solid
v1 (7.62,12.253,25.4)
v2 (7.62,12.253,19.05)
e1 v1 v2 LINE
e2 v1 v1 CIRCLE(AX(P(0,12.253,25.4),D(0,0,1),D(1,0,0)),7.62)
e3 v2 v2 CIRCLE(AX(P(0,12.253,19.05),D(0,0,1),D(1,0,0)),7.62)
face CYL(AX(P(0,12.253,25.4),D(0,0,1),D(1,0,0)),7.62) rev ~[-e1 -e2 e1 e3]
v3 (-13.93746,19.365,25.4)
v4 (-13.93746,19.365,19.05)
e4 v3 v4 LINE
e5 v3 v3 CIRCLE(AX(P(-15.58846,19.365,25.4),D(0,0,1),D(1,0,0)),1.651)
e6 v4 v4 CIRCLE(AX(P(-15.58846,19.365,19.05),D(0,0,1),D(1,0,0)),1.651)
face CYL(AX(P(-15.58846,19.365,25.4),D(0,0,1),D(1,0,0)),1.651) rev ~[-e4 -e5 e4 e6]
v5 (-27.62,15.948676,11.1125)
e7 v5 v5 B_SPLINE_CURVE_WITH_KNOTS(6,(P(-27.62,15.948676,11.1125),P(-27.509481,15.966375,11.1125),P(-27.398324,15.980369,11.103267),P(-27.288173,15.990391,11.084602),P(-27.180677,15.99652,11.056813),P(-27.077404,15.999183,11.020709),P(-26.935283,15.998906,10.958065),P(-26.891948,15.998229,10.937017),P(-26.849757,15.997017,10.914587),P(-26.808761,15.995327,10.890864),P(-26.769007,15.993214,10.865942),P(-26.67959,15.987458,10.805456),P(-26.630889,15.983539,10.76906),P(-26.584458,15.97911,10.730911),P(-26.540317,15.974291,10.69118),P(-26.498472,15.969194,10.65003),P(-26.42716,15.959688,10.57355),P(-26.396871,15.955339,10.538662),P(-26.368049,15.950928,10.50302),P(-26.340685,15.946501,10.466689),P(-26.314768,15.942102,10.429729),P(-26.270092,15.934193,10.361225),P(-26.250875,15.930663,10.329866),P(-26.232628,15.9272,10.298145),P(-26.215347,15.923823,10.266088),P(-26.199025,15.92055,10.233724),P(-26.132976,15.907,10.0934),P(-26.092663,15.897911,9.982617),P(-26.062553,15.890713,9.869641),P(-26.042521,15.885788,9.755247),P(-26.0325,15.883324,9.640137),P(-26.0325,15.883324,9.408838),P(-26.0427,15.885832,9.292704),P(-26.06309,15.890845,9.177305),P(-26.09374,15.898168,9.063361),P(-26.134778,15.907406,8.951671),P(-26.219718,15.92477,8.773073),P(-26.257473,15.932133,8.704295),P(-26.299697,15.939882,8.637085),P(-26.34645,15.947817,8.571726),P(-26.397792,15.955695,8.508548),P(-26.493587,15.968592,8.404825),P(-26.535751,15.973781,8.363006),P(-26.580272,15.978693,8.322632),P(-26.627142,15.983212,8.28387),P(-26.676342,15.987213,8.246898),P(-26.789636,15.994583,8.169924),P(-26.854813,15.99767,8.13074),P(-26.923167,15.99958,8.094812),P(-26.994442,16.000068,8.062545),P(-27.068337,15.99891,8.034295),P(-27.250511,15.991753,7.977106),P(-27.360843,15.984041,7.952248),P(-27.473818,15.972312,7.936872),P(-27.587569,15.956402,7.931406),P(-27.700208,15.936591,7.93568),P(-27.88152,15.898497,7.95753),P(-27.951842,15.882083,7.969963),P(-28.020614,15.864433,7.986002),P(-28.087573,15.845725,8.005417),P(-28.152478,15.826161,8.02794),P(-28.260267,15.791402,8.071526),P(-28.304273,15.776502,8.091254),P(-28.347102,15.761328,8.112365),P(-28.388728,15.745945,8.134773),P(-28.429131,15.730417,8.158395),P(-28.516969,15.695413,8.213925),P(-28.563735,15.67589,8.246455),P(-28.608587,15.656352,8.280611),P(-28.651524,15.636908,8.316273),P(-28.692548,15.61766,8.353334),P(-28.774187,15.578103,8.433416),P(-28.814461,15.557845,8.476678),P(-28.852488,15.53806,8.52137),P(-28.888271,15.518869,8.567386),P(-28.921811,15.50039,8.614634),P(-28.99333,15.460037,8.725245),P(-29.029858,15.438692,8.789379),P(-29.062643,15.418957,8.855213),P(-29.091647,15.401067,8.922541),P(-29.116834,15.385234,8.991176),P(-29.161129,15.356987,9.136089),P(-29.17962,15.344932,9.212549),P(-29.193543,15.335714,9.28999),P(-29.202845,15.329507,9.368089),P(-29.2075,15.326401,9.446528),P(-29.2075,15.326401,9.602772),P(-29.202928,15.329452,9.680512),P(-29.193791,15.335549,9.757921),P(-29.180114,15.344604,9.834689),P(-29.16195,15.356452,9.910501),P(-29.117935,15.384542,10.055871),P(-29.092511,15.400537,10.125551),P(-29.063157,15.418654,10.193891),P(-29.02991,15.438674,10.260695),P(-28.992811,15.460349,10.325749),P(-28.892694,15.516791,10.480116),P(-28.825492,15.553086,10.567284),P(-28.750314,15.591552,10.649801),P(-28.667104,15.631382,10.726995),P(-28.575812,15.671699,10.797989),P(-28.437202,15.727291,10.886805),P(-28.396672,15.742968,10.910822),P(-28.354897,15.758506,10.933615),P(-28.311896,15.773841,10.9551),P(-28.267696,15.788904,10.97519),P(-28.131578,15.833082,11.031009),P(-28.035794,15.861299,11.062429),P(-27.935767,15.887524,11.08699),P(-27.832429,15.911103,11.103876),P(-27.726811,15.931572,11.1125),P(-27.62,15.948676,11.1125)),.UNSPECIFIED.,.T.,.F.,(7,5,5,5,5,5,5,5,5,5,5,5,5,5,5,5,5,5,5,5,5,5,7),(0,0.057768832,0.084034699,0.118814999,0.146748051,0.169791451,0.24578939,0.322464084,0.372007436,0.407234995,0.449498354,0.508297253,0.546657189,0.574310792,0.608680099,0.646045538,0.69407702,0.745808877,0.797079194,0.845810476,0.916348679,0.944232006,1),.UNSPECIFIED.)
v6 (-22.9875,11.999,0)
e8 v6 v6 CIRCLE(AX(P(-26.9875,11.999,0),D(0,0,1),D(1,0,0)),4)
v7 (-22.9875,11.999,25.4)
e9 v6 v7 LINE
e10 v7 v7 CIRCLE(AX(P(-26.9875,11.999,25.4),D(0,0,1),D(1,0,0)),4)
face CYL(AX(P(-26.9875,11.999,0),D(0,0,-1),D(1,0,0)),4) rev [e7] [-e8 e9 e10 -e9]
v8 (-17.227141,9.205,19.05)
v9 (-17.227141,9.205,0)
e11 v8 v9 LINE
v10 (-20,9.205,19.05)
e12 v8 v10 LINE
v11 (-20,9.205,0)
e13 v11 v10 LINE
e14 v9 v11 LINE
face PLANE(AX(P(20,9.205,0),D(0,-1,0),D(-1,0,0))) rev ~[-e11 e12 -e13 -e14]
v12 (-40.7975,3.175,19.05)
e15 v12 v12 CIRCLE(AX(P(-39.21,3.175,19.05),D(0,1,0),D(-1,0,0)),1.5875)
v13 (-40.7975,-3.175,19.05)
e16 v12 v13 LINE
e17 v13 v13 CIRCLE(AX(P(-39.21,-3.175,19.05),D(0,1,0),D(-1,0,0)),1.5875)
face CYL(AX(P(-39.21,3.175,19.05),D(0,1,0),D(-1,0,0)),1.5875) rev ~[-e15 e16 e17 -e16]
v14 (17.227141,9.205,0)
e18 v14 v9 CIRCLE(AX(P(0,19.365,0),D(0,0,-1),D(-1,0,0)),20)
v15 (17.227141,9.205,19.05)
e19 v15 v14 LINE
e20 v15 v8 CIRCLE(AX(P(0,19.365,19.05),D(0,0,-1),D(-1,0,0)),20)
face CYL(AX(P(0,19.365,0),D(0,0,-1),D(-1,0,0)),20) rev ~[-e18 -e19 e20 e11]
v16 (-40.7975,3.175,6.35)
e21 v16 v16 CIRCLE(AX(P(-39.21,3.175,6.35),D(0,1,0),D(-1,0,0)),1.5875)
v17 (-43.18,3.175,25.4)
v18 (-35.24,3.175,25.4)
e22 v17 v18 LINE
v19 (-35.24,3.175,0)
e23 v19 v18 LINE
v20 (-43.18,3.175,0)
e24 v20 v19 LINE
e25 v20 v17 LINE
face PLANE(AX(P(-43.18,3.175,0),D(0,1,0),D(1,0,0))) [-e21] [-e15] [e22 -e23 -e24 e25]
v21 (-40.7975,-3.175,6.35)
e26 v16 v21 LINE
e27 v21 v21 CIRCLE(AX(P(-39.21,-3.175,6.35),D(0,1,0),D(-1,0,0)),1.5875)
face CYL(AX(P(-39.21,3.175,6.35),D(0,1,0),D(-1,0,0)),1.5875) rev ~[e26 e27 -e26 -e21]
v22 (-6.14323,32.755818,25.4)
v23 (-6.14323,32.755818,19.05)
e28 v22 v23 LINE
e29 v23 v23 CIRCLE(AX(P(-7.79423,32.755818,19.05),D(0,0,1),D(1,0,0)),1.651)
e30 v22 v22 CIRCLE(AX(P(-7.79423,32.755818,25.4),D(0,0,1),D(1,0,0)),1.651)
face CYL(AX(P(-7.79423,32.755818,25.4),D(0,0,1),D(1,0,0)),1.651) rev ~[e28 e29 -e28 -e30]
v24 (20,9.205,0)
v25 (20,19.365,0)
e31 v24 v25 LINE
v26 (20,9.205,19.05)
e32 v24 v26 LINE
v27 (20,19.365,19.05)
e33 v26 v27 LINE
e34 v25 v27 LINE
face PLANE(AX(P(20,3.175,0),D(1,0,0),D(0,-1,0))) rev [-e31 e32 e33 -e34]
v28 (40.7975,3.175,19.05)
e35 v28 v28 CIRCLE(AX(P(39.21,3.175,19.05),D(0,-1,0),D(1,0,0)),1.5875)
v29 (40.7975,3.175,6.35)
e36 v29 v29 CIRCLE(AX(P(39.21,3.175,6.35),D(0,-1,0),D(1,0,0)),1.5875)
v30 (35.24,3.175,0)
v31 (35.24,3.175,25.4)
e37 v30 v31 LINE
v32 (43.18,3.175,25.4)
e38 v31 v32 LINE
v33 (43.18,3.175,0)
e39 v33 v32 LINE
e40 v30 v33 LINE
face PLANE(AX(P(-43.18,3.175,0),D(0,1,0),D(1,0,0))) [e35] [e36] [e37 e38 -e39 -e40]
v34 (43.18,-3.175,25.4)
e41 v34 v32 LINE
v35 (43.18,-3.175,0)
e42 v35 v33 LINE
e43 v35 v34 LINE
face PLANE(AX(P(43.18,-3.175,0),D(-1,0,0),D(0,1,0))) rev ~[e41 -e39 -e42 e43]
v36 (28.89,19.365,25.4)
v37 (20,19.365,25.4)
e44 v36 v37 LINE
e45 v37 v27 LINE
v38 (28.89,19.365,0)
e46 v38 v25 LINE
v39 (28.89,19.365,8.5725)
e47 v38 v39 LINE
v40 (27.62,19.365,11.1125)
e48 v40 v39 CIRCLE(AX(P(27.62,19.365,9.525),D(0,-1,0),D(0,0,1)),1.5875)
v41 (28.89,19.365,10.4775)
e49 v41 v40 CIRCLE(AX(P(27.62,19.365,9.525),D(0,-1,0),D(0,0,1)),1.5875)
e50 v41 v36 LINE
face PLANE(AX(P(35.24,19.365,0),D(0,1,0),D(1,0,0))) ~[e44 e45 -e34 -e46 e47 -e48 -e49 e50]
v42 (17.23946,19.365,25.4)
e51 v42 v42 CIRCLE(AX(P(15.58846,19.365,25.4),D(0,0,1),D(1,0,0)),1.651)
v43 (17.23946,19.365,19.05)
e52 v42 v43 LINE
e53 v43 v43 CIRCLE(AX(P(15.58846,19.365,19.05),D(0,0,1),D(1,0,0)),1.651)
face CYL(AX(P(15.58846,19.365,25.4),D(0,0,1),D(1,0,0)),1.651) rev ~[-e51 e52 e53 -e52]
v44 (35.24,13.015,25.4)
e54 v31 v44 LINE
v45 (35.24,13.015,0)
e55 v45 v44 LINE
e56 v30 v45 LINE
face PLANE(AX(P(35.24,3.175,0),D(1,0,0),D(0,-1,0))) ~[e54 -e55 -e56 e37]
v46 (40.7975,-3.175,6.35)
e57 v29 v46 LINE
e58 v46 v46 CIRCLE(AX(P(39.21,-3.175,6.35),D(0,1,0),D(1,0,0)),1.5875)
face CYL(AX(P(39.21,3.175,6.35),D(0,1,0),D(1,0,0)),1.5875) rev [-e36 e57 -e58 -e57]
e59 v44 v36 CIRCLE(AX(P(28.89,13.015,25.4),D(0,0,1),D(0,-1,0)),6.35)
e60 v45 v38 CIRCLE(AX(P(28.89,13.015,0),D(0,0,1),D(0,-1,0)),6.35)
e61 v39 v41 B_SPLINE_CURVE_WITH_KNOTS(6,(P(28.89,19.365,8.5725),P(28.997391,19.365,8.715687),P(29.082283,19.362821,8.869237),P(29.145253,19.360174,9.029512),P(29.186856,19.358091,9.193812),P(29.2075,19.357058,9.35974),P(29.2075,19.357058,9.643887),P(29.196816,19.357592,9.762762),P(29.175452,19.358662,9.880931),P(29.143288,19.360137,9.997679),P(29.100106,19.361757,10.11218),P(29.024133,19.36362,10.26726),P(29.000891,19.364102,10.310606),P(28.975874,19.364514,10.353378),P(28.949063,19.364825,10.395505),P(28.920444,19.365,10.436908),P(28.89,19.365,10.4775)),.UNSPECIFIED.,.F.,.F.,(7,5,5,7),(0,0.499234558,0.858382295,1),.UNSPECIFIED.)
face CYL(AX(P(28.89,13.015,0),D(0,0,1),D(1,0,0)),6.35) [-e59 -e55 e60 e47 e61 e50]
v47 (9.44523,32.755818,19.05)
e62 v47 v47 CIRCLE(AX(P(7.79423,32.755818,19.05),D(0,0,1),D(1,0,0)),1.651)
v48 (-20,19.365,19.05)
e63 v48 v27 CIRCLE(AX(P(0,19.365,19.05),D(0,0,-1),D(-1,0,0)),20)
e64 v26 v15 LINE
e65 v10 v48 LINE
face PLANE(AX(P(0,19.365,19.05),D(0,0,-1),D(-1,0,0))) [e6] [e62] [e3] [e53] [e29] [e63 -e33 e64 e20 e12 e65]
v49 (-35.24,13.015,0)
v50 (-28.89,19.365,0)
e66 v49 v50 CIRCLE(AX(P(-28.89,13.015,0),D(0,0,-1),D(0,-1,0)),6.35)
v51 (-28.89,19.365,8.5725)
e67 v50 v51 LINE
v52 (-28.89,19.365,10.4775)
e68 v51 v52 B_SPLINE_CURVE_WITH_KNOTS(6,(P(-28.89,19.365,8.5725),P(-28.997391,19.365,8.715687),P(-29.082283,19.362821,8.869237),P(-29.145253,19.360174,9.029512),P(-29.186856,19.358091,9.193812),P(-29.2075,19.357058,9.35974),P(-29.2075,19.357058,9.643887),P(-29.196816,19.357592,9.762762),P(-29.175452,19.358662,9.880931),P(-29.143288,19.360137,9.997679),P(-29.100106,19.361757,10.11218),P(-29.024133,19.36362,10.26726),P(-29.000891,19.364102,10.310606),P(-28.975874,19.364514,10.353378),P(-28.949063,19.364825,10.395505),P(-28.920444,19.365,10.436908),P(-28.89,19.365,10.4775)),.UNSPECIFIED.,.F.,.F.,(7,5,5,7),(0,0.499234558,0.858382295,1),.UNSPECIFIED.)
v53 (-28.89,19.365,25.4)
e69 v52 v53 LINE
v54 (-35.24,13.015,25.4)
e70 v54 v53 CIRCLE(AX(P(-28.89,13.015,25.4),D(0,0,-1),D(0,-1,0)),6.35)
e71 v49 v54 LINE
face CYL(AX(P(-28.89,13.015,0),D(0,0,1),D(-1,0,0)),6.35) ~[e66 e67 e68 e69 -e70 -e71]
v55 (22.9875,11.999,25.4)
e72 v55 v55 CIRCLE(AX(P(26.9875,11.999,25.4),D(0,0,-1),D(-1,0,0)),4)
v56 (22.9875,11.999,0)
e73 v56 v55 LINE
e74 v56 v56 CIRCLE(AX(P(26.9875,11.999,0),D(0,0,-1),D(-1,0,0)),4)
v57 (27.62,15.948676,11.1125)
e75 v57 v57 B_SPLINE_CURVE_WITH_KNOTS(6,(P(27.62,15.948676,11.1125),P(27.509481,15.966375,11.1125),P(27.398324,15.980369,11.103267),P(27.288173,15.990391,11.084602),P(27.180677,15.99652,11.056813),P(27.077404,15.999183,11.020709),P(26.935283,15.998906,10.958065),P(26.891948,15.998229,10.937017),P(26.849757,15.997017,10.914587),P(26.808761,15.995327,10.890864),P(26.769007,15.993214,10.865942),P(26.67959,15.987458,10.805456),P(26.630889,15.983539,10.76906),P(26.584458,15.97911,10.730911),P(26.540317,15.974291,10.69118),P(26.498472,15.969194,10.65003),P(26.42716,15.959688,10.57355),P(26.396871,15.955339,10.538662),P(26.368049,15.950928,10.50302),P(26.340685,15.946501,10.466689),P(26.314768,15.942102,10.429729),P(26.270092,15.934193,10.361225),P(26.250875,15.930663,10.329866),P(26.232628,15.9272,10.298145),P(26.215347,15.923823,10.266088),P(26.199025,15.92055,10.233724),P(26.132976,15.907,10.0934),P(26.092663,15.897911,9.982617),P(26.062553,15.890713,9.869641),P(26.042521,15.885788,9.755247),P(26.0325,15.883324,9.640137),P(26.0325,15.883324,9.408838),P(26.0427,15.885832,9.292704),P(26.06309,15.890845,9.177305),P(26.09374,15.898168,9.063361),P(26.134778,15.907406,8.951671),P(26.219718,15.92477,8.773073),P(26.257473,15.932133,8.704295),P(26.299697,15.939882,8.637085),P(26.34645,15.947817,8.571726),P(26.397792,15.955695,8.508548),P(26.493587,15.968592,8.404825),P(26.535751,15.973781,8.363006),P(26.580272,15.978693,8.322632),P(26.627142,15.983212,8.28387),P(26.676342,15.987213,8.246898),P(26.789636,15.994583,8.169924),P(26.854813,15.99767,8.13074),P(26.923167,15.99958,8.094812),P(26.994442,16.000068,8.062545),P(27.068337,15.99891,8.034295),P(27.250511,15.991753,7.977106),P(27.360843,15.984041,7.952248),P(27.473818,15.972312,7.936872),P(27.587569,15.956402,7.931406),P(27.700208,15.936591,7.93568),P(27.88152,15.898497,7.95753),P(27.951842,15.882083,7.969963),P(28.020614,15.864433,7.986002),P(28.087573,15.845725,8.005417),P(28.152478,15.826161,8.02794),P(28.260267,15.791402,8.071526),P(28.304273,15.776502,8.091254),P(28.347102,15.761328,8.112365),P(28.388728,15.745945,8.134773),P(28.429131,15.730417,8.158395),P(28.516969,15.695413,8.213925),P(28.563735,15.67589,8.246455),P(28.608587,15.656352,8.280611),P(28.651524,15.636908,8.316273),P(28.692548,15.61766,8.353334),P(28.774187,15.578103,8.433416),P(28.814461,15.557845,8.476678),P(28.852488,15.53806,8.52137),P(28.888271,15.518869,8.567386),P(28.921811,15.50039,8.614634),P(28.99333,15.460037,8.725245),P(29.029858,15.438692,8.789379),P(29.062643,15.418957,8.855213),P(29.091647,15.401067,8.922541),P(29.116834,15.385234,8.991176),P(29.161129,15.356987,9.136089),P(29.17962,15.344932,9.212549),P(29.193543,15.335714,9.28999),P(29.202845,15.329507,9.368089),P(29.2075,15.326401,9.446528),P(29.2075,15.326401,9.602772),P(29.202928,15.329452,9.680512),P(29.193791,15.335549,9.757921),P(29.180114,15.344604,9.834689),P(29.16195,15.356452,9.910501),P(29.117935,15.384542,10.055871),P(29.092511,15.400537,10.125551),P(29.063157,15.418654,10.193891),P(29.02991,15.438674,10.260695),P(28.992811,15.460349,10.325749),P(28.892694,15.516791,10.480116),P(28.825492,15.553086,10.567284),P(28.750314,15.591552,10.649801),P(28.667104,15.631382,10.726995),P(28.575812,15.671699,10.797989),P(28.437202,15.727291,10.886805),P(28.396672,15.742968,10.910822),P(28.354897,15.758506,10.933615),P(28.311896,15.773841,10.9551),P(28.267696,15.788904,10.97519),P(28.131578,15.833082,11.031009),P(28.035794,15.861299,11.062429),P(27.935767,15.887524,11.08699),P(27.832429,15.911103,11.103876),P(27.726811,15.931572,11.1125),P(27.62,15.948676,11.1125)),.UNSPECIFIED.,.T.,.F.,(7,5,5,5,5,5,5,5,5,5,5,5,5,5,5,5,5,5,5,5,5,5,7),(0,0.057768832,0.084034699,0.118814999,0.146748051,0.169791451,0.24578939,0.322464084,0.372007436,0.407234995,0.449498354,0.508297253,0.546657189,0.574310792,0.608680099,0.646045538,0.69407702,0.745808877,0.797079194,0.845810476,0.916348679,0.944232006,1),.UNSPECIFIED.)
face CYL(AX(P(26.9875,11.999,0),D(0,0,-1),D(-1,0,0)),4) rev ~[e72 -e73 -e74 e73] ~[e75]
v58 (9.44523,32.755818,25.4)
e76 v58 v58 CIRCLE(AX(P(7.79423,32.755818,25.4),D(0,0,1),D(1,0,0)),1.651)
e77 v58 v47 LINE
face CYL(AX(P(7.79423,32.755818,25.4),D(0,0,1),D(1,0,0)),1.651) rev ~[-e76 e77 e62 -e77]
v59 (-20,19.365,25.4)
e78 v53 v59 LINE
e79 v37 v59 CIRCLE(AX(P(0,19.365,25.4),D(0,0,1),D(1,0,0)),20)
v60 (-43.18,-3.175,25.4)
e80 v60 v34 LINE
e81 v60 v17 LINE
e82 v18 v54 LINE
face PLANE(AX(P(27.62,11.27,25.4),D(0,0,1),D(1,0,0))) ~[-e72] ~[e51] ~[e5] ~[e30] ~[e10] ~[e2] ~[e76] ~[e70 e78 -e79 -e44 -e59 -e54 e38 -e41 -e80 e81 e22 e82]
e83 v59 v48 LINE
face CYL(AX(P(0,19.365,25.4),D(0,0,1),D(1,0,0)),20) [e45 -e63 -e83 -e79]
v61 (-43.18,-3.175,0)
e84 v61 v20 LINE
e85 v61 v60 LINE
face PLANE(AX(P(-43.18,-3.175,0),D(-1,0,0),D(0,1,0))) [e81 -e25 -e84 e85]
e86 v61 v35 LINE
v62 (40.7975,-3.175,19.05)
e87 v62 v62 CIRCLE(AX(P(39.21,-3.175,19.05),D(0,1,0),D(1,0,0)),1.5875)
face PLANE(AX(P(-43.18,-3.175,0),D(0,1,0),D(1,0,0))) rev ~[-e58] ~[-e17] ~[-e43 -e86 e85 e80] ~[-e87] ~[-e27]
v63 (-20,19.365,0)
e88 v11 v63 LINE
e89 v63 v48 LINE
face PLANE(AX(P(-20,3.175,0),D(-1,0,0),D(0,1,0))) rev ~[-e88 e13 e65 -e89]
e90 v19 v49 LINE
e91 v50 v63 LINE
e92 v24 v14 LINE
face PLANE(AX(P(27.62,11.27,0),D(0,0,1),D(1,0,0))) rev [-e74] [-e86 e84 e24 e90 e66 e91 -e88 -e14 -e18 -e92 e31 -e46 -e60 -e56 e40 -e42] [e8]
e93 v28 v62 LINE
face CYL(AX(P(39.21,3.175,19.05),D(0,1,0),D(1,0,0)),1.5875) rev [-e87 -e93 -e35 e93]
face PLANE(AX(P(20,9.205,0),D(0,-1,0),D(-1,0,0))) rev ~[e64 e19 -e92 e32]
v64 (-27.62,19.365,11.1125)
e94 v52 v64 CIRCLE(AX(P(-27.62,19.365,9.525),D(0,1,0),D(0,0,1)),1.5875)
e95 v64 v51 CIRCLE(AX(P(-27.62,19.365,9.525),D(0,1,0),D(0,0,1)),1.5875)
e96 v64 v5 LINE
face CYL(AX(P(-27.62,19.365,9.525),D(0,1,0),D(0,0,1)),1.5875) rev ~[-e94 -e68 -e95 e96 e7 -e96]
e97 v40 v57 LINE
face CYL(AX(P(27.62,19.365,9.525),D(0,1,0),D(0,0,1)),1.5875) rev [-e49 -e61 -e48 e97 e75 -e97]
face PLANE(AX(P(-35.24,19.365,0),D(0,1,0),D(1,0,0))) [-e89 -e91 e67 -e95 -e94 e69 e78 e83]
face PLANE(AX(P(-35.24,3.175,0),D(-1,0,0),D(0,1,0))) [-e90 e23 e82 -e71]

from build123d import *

# Parameters (mm, degrees)
SKETCH1_W               = 86.36
SKETCH1_H               = 6.35
BOSS_EXTRUDE1_DEPTH     = 25.4
BOSS_EXTRUDE2_DEPTH     = 25.4
SKETCH3_R               = 7.62
SKETCH3_R_2             = 1.651
CUT_EXTRUDE3_DEPTH      = 25.4
SKETCH4_R               = 20
CUT_EXTRUDE4_DEPTH      = 19.05
SKETCH6_W               = 40
SKETCH6_H               = 10.16
CUT_EXTRUDE6_DEPTH      = 19.05
BOSS_EXTRUDE3_START     = -25.4
SKETCH7_W               = 15.24
SKETCH7_H               = 16.19
SKETCH7_R               = 4
BOSS_EXTRUDE3_DEPTH     = 25.4
FILLET1_R               = 6.35
SKETCH9_R               = 1.5875
CUT_EXTRUDE7_DEPTH      = 62.801201445
CUT_EXTRUDE8_REACH      = 56.934
CUT_EXTRUDE8_END_RADIUS = 4
SKETCH11_R              = 1.5875


with BuildPart() as part:
    # Sketch1 → Boss-Extrude1 (new body)
    with BuildSketch(Plane.XY):
        Rectangle(SKETCH1_W, SKETCH1_H)
    extrude(amount=BOSS_EXTRUDE1_DEPTH)

    # Sketch2 → Boss-Extrude2 (add)
    with BuildSketch(Plane.XY.offset(25.4)):
        with BuildLine():
            ThreePointArc((20, 19.365), (0, 39.365), (-20, 19.365))
            ThreePointArc((-20, 19.365), (-17.816396252, 10.277864885), (-11.742397541, 3.175))
            Line((-11.742397541, 3.175), (11.742397541, 3.175))
            ThreePointArc((11.742397541, 3.175), (17.816396252, 10.277864885), (20, 19.365))
        make_face()
        with BuildLine():
            Line((11.742397541, 3.175), (-11.742397541, 3.175))
            ThreePointArc((-11.742397541, 3.175), (0, -0.635), (11.742397541, 3.175))
        make_face()
        with BuildLine():
            ThreePointArc((-11.742397541, 3.175), (-17.816396252, 10.277864885), (-20, 19.365))
            Line((-20, 19.365), (-20, 3.175))
            Line((-20, 3.175), (-11.742397541, 3.175))
        make_face()
        with BuildLine():
            Line((20, 3.175), (20, 19.365))
            ThreePointArc((20, 19.365), (17.816396252, 10.277864885), (11.742397541, 3.175))
            Line((11.742397541, 3.175), (20, 3.175))
        make_face()
    extrude(amount=-BOSS_EXTRUDE2_DEPTH)

    # Sketch3 → Cut-Extrude3 (cut)
    with BuildSketch(Plane.XY.offset(25.4)):
        with Locations((0, 12.253)):
            Circle(SKETCH3_R)
        with Locations((-7.79423, 32.755818299)):
            Circle(SKETCH3_R_2)
        with Locations((7.79423, 32.755818299)):
            Circle(SKETCH3_R_2)
        with Locations((-15.58846, 19.365)):
            Circle(SKETCH3_R_2)
        with Locations((15.58846, 19.365)):
            Circle(SKETCH3_R_2)
    extrude(amount=-CUT_EXTRUDE3_DEPTH, mode=Mode.SUBTRACT)

    # Sketch4 → Cut-Extrude4 (cut)
    with BuildSketch(Plane(origin=(0, 0, 0), x_dir=(-1, 0, 0), z_dir=(0, 0, -1))):
        with Locations((0, 19.365)):
            Circle(SKETCH4_R)
    extrude(amount=-CUT_EXTRUDE4_DEPTH, mode=Mode.SUBTRACT)

    # Sketch6 → Cut-Extrude6 (cut)
    with BuildSketch(Plane(origin=(0, 0, 0), x_dir=(-1, 0, 0), z_dir=(0, 0, -1))):
        with Locations((0, 14.285)):
            Rectangle(SKETCH6_W, SKETCH6_H)
    extrude(amount=-CUT_EXTRUDE6_DEPTH, mode=Mode.SUBTRACT)

    # Sketch7 → Boss-Extrude3 (add)
    with BuildSketch(Plane.XY.offset(25.4).offset(BOSS_EXTRUDE3_START)):
        with Locations((-27.62, 11.27)):
            Rectangle(SKETCH7_W, SKETCH7_H)
        with Locations((-26.9875, 11.999)):
            Circle(SKETCH7_R, mode=Mode.SUBTRACT)
    boss_extrude3 = extrude(amount=BOSS_EXTRUDE3_DEPTH)

    # Mirror2: Boss-Extrude3 across plane
    add(boss_extrude3.mirror(Plane(origin=(0, 0, 0), x_dir=(0, 0, 1), z_dir=(1, 0, 0))))

    # Fillet1
    fillet1_edges = [part.edges().sort_by_distance(p)[0] for p in [
        (-35.24, 19.365, 12.7),
        (35.24, 19.365, 12.7),
    ]]
    fillet(fillet1_edges, radius=FILLET1_R)

    # Sketch9 → Cut-Extrude7 (cut, through all)
    with BuildSketch(Plane(origin=(0, 3.175, 0), x_dir=(1, 0, 0), z_dir=(0, 1, 0))):
        with Locations(Location((-39.21, -6.35, 0), (0, 0, 180))):
            Circle(SKETCH9_R)
        with Locations(Location((-39.21, -19.05, 0), (0, 0, 180))):
            Circle(SKETCH9_R)
    cut_extrude7 = extrude(amount=-CUT_EXTRUDE7_DEPTH, mode=Mode.SUBTRACT)

    # Mirror3: Cut-Extrude7 across plane
    add(cut_extrude7.mirror(Plane(origin=(0, 0, 0), x_dir=(0, 0, 1), z_dir=(1, 0, 0))), mode=Mode.SUBTRACT)

    # Cut-Extrude8: up to this cylinder (the profile starts outside it)
    cut_extrude8_end = Plane(origin=(-26.9875, 11.999, 9.525), z_dir=(0, 0, 1)) * Cylinder(CUT_EXTRUDE8_END_RADIUS, 122.868, mode=Mode.PRIVATE)
    # Sketch11 → Cut-Extrude8 (cut, up to the surface)
    with BuildSketch(Plane(origin=(0, 19.365, 0), x_dir=(1, 0, 0), z_dir=(0, 1, 0)), mode=Mode.PRIVATE) as cut_extrude8_sk1:
        with Locations(Location((-27.62, -9.525, 0), (0, 0, 270))):
            Circle(SKETCH11_R)
    cut_extrude8_tool1 = extrude(cut_extrude8_sk1.sketch, amount=-CUT_EXTRUDE8_REACH, mode=Mode.PRIVATE) - cut_extrude8_end
    cut_extrude8 = cut_extrude8_tool1.solids().sort_by_distance((-27.62, 19.365, 9.525))[0]
    add(cut_extrude8, mode=Mode.SUBTRACT)

    # Mirror4: Cut-Extrude8 across plane
    add(cut_extrude8.mirror(Plane(origin=(0, 0, 0), x_dir=(0, 0, 1), z_dir=(1, 0, 0))), mode=Mode.SUBTRACT)


solid = part.part
